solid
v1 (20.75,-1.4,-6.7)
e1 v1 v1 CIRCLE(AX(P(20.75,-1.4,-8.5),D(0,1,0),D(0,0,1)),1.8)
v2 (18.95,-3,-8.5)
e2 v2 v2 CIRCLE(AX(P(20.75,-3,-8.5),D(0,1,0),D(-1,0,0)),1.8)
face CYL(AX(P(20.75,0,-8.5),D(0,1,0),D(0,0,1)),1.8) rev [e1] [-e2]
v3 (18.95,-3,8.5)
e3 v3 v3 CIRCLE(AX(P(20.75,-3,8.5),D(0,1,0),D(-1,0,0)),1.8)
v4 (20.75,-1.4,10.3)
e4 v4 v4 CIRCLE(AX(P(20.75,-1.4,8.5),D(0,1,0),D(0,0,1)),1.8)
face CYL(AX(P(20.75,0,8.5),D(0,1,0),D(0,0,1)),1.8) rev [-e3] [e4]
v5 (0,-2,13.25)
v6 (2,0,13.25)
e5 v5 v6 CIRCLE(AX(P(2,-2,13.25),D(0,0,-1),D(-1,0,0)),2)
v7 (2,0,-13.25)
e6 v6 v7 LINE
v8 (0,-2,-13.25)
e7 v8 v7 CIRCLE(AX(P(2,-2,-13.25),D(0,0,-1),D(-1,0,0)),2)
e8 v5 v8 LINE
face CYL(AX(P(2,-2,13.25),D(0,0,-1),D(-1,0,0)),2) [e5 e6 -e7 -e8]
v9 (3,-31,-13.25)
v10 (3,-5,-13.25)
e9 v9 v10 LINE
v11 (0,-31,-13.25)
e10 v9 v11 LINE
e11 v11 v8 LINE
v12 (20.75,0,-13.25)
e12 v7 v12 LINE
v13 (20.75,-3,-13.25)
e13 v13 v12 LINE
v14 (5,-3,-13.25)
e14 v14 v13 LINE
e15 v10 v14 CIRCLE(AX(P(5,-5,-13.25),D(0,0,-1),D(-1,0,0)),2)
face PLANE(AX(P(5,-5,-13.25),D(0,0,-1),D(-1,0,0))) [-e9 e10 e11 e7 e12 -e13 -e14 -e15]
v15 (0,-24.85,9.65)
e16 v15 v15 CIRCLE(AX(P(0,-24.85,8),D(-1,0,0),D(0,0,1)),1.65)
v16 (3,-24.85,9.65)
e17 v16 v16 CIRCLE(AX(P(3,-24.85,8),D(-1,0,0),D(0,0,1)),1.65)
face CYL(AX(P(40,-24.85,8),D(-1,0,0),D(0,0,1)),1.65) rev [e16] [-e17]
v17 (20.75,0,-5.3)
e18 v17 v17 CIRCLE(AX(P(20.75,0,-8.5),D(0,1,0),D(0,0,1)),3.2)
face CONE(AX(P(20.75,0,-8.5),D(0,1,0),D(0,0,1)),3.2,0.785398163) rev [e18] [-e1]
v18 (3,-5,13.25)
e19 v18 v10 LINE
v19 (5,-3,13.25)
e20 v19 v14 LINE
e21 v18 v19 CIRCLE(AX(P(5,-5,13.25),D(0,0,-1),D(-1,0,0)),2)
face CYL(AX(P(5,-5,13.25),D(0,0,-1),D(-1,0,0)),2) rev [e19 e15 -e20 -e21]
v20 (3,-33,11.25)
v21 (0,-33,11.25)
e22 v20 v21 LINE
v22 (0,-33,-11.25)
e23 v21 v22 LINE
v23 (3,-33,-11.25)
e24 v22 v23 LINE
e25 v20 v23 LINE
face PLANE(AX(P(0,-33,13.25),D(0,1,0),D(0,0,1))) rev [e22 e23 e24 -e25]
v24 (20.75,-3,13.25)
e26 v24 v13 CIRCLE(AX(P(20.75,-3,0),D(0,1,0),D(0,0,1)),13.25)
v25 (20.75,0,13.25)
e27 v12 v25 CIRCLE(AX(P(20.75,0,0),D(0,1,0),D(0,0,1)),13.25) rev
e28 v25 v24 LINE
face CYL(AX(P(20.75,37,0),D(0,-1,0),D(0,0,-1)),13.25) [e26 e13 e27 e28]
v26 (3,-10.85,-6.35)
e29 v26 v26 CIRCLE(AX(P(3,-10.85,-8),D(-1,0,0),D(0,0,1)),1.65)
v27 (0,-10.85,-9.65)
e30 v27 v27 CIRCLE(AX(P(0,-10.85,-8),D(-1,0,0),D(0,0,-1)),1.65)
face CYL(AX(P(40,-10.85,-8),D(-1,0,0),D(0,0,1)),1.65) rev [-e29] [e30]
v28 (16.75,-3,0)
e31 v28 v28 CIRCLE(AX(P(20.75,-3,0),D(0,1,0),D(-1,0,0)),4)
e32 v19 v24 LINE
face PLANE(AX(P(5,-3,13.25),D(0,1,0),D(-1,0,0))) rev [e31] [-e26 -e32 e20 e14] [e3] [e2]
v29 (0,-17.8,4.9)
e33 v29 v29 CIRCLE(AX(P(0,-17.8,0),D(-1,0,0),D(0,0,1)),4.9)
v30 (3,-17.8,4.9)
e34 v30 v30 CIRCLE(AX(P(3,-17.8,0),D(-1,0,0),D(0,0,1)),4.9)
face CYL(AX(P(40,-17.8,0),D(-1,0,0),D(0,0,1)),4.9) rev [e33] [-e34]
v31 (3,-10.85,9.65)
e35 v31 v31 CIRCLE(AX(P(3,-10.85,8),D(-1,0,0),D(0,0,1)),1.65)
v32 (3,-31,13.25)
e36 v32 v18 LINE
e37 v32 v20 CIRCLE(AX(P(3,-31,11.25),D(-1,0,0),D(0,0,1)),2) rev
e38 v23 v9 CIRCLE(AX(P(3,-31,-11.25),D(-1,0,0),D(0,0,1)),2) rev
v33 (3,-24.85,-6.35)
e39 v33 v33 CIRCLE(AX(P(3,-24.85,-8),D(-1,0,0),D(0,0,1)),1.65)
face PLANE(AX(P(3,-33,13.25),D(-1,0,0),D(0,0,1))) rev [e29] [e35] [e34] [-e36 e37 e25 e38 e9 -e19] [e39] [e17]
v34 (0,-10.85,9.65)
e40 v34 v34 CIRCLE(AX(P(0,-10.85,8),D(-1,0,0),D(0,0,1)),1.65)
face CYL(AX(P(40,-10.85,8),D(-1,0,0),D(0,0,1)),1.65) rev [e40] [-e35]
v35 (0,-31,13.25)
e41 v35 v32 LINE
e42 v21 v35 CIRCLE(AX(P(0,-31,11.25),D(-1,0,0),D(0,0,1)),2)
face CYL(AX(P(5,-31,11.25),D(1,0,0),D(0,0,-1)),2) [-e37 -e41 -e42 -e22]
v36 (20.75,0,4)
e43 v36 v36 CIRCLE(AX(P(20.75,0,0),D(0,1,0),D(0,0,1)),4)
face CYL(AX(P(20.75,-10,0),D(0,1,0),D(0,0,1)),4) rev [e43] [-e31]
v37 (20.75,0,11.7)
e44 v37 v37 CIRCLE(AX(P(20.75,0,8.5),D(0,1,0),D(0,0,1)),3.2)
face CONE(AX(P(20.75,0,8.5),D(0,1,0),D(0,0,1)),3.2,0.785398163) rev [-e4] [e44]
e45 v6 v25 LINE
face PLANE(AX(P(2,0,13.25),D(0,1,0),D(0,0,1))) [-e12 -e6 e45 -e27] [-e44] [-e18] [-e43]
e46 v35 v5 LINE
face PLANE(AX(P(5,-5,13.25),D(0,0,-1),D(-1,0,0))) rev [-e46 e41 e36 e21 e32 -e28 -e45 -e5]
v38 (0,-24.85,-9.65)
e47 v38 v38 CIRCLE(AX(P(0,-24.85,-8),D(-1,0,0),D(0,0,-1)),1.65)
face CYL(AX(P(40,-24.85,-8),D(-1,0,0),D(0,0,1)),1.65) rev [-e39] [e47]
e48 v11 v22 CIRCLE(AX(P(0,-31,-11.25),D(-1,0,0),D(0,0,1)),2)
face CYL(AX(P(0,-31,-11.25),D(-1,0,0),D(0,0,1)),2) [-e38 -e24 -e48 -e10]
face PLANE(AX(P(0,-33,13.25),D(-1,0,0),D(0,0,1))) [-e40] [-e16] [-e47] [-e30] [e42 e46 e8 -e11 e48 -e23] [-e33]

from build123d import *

# Parameters (mm, degrees)
EXTRUDE_1_DEPTH           = 13.25
CUT_EXTRUDE_2_DEPTH       = 40
SKETCH_5_R                = 1.65
SKETCH_5_R_2              = 4.9
CUT_EXTRUDE_4_DEPTH       = 40
FILLET_1_R                = 2
SKETCH_7_R                = 4
CUT_EXTRUDE_5_DEPTH       = 10
HOLE_WIZARD_1_D           = 3.6
HOLE_WIZARD_1_DEPTH       = 8
HOLE_WIZARD_1_CSINK_D     = 6.4
HOLE_WIZARD_1_CSINK_ANGLE = 90
HOLE_WIZARD_1_TIP         = 1.081549114
HOLE_WIZARD_2_D           = 3.6
HOLE_WIZARD_2_DEPTH       = 8
HOLE_WIZARD_2_CSINK_D     = 6.4
HOLE_WIZARD_2_CSINK_ANGLE = 90
HOLE_WIZARD_2_TIP         = 1.081549114


with BuildPart() as part:
    # 草图1 → 凸台-拉伸1 (new, symmetric)
    with BuildSketch(Plane.XY):
        with BuildLine():
            Line((0, -33), (0, -2))
            ThreePointArc((0, -2), (0.585786438, -0.585786438), (2, 0))
            Line((2, 0), (50, 0))
            Line((50, 0), (50, -3))
            Line((50, -3), (5, -3))
            ThreePointArc((5, -3), (3.585786438, -3.585786438), (3, -5))
            Line((3, -5), (3, -33))
            Line((3, -33), (0, -33))
        make_face()
    extrude(amount=EXTRUDE_1_DEPTH, both=True)

    # 草图3 → 切除-拉伸2 (cut)
    with BuildSketch(Plane.XZ.offset(3)):
        with BuildLine():
            Line((20.75, 13.25), (50, 13.25))
            Line((50, 13.25), (50, -13.25))
            Line((50, -13.25), (20.75, -13.25))
            ThreePointArc((20.75, -13.25), (34, 0), (20.75, 13.25))
        make_face()
    extrude(amount=-CUT_EXTRUDE_2_DEPTH, mode=Mode.SUBTRACT)

    # 草图5 → 切除-拉伸4 (cut)
    with BuildSketch(Plane.ZY):
        with Locations((8, -10.85)):
            Circle(SKETCH_5_R)
        with Locations((8, -24.85)):
            Circle(SKETCH_5_R)
        with Locations((-8, -24.85)):
            Circle(SKETCH_5_R)
        with Locations((-8, -10.85)):
            Circle(SKETCH_5_R)
        with Locations((0, -17.8)):
            Circle(SKETCH_5_R_2)
    extrude(amount=-CUT_EXTRUDE_4_DEPTH, mode=Mode.SUBTRACT)

    # 圆角1
    fillet_1_edges = [part.edges().sort_by_distance(p)[0] for p in [
        (1.5, -33, 13.25),
        (1.5, -33, -13.25),
    ]]
    fillet(fillet_1_edges, radius=FILLET_1_R)

    # 草图7 → 切除-拉伸5 (cut)
    with BuildSketch(Plane(origin=(0, 0, 0), x_dir=(1, 0, 0), z_dir=(0, 1, 0))):
        with Locations(Location((20.75, 0, 0), (0, 0, 270))):
            Circle(SKETCH_7_R)
    extrude(amount=-CUT_EXTRUDE_5_DEPTH, mode=Mode.SUBTRACT)

    # 打孔尺寸开槽半沉头螺钉的类型1
    with Locations(Plane(origin=(0, 0, 0), x_dir=(1, 0, 0), z_dir=(0, 1, 0))):
        with Locations((20.75, -8.5)):
            CounterSinkHole(HOLE_WIZARD_1_D / 2, HOLE_WIZARD_1_CSINK_D / 2, depth=HOLE_WIZARD_1_DEPTH, counter_sink_angle=HOLE_WIZARD_1_CSINK_ANGLE)
            with Locations((0, 0, -(HOLE_WIZARD_1_DEPTH + HOLE_WIZARD_1_TIP / 2))):  # 118° drill point
                Cone(0, HOLE_WIZARD_1_D / 2, HOLE_WIZARD_1_TIP, mode=Mode.SUBTRACT)

    # 打孔尺寸开槽半沉头螺钉的类型2
    with Locations(Plane(origin=(0, 0, 0), x_dir=(1, 0, 0), z_dir=(0, 1, 0))):
        with Locations((20.75, 8.5)):
            CounterSinkHole(HOLE_WIZARD_2_D / 2, HOLE_WIZARD_2_CSINK_D / 2, depth=HOLE_WIZARD_2_DEPTH, counter_sink_angle=HOLE_WIZARD_2_CSINK_ANGLE)
            with Locations((0, 0, -(HOLE_WIZARD_2_DEPTH + HOLE_WIZARD_2_TIP / 2))):  # 118° drill point
                Cone(0, HOLE_WIZARD_2_D / 2, HOLE_WIZARD_2_TIP, mode=Mode.SUBTRACT)


solid = part.part
